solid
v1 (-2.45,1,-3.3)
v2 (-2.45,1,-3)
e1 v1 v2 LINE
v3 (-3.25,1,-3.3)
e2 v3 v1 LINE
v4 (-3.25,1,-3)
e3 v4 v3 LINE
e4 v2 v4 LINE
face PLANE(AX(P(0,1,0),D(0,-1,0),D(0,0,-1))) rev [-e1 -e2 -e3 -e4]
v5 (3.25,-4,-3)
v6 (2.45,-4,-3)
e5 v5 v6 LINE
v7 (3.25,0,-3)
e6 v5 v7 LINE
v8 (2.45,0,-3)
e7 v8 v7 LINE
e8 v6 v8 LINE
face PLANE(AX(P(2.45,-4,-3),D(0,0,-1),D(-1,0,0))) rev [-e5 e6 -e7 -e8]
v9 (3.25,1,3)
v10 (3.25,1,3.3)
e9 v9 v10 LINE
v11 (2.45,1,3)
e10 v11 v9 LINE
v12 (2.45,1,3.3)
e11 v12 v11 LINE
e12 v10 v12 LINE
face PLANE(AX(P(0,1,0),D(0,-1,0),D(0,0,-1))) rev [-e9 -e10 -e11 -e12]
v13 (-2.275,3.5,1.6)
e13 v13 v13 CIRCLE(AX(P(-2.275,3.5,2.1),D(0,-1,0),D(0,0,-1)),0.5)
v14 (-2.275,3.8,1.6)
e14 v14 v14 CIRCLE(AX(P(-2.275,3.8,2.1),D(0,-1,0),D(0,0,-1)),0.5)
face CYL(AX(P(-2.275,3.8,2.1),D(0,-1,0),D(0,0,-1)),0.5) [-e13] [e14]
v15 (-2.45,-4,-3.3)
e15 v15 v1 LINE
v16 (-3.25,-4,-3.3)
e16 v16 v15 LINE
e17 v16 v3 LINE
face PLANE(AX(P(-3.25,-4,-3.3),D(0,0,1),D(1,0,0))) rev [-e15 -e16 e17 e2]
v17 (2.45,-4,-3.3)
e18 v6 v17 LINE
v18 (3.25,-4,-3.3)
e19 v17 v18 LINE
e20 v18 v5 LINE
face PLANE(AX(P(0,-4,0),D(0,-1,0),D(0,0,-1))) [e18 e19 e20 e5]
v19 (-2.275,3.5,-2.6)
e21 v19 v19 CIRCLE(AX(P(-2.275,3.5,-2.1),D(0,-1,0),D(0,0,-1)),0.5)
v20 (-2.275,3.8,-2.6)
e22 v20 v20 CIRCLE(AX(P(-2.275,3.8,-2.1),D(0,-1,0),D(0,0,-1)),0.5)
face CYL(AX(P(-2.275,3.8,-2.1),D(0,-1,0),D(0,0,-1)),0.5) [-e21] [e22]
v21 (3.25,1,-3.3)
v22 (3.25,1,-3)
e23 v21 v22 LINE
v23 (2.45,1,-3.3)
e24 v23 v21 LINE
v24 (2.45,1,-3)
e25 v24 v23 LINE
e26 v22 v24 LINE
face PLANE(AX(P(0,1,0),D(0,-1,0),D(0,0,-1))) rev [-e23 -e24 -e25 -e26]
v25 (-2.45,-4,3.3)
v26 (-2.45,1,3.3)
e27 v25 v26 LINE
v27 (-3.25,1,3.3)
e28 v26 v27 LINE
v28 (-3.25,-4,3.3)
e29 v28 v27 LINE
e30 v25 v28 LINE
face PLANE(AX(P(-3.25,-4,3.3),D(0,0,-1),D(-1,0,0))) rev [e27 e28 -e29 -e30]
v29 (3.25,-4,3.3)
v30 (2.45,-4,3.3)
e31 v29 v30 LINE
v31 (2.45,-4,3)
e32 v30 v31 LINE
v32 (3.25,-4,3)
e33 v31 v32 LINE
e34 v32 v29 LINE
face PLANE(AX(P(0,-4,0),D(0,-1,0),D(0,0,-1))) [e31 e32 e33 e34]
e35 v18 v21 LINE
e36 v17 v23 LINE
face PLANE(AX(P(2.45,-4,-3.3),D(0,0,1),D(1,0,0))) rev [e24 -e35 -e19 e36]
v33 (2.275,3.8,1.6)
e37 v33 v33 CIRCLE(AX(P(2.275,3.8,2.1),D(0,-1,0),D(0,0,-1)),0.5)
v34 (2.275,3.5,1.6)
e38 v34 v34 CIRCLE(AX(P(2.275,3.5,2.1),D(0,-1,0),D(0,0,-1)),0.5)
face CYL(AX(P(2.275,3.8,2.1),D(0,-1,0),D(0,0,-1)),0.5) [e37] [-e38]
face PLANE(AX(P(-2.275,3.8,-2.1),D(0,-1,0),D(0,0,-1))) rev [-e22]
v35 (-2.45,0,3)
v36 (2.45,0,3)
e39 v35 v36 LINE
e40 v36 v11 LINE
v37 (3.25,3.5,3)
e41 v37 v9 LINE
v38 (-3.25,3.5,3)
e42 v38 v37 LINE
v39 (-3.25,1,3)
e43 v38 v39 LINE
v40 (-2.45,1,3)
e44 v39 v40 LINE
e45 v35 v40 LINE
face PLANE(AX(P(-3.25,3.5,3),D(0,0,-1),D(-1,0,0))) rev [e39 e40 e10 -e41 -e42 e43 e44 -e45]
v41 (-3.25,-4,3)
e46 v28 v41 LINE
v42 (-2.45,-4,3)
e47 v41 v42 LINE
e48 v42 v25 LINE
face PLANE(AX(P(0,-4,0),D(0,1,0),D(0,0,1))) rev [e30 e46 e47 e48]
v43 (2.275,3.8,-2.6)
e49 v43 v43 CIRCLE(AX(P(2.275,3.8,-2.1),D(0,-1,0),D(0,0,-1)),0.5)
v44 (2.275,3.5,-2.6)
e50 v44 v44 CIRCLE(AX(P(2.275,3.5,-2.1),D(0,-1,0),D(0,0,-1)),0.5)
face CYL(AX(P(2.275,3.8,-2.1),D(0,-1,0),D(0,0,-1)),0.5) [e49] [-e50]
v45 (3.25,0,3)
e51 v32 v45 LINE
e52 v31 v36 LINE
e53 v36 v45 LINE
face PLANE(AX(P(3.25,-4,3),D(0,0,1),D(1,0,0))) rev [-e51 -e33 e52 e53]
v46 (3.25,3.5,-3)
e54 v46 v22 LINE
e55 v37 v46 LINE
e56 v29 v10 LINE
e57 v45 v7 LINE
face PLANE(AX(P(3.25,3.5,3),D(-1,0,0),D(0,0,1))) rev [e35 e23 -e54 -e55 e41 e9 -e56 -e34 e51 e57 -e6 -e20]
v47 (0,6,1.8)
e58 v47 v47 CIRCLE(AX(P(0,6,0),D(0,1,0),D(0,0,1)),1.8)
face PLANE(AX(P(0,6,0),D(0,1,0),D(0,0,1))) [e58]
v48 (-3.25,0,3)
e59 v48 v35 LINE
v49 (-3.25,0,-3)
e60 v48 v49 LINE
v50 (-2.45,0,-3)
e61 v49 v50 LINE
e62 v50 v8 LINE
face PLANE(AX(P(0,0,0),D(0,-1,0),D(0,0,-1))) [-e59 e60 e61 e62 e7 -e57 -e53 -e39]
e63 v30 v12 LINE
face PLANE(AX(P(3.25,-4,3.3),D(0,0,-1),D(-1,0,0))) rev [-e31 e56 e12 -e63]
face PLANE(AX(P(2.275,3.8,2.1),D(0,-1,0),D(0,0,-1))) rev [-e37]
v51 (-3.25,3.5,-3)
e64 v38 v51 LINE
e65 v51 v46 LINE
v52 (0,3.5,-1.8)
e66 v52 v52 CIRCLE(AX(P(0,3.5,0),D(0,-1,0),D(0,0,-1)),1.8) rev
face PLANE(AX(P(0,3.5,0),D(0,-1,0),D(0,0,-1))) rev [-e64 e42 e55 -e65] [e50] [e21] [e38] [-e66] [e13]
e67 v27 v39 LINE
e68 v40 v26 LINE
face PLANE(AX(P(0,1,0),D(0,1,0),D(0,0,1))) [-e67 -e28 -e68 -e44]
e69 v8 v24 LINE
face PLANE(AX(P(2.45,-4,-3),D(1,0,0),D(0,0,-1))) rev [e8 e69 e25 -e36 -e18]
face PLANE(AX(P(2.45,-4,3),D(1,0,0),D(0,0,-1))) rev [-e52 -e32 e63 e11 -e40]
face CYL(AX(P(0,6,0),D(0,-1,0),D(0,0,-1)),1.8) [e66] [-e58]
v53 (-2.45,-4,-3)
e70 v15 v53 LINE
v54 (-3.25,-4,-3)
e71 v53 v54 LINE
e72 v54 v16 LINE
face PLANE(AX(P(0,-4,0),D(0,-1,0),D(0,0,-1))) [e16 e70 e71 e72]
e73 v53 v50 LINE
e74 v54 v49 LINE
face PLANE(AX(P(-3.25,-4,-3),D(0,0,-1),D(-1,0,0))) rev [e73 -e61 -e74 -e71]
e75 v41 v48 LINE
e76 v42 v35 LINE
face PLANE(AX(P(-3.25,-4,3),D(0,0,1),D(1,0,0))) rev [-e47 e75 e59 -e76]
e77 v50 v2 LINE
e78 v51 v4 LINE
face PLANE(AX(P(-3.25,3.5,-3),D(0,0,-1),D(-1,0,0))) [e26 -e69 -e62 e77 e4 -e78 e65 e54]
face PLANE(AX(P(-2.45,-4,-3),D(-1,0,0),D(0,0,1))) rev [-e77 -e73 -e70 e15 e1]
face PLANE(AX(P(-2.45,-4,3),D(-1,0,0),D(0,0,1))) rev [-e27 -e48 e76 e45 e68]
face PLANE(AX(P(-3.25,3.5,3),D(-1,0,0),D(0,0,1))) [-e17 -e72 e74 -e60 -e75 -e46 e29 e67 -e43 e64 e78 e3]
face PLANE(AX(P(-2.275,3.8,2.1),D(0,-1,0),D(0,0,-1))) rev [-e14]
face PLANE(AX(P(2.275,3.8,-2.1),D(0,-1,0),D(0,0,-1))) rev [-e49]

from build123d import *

# Parameters (mm, degrees)
SKETCH_1_W      = 6.5
SKETCH_1_H      = 6
EXTRUDE_1_DEPTH = 3.5
SKETCH_1_3_R    = 1.8
EXTRUDE_2_DEPTH = 6
EXTRUDE_START   = 3.5
SKETCH_1_4_R    = 0.5
EXTRUDE_3_DEPTH = 0.3
EXTRUDE_START_2 = -1
SKETCH_2_W      = 0.8
SKETCH_2_H      = 0.3
EXTRUDE_4_DEPTH = 5


with BuildPart() as part:
    # 草图1 → 凸台-拉伸1 (new body)
    with BuildSketch(Plane(origin=(0, 0, 0), x_dir=(1, 0, 0), z_dir=(0, 1, 0))):
        Rectangle(SKETCH_1_W, SKETCH_1_H)
    extrude(amount=EXTRUDE_1_DEPTH)

    # 草图1<3> → 凸台-拉伸2 (add)
    with BuildSketch(Plane(origin=(0, 0, 0), x_dir=(1, 0, 0), z_dir=(0, 1, 0))):
        with Locations(Location((0, 0, 0), (0, 0, 90))):
            Circle(SKETCH_1_3_R)
    extrude(amount=EXTRUDE_2_DEPTH)

    # 草图1<4> → 凸台-拉伸3 (add)
    with BuildSketch(Plane(origin=(0, 0, 0), x_dir=(1, 0, 0), z_dir=(0, 1, 0)).offset(EXTRUDE_START)):
        with Locations(Location((-2.275, 2.1, 0), (0, 0, 90))):
            Circle(SKETCH_1_4_R)
        with Locations(Location((-2.275, -2.1, 0), (0, 0, 90))):
            Circle(SKETCH_1_4_R)
        with Locations(Location((2.275, -2.1, 0), (0, 0, 90))):
            Circle(SKETCH_1_4_R)
        with Locations(Location((2.275, 2.1, 0), (0, 0, 90))):
            Circle(SKETCH_1_4_R)
    extrude(amount=EXTRUDE_3_DEPTH)

    # 草图2 → 凸台-拉伸4 (add)
    with BuildSketch(Plane.XZ.offset(EXTRUDE_START_2)):
        with Locations((-2.85, 3.15)):
            Rectangle(SKETCH_2_W, SKETCH_2_H)
        with Locations((2.85, 3.15)):
            Rectangle(SKETCH_2_W, SKETCH_2_H)
        with Locations((-2.85, -3.15)):
            Rectangle(SKETCH_2_W, SKETCH_2_H)
        with Locations((2.85, -3.15)):
            Rectangle(SKETCH_2_W, SKETCH_2_H)
    extrude(amount=EXTRUDE_4_DEPTH)


solid = part.part
